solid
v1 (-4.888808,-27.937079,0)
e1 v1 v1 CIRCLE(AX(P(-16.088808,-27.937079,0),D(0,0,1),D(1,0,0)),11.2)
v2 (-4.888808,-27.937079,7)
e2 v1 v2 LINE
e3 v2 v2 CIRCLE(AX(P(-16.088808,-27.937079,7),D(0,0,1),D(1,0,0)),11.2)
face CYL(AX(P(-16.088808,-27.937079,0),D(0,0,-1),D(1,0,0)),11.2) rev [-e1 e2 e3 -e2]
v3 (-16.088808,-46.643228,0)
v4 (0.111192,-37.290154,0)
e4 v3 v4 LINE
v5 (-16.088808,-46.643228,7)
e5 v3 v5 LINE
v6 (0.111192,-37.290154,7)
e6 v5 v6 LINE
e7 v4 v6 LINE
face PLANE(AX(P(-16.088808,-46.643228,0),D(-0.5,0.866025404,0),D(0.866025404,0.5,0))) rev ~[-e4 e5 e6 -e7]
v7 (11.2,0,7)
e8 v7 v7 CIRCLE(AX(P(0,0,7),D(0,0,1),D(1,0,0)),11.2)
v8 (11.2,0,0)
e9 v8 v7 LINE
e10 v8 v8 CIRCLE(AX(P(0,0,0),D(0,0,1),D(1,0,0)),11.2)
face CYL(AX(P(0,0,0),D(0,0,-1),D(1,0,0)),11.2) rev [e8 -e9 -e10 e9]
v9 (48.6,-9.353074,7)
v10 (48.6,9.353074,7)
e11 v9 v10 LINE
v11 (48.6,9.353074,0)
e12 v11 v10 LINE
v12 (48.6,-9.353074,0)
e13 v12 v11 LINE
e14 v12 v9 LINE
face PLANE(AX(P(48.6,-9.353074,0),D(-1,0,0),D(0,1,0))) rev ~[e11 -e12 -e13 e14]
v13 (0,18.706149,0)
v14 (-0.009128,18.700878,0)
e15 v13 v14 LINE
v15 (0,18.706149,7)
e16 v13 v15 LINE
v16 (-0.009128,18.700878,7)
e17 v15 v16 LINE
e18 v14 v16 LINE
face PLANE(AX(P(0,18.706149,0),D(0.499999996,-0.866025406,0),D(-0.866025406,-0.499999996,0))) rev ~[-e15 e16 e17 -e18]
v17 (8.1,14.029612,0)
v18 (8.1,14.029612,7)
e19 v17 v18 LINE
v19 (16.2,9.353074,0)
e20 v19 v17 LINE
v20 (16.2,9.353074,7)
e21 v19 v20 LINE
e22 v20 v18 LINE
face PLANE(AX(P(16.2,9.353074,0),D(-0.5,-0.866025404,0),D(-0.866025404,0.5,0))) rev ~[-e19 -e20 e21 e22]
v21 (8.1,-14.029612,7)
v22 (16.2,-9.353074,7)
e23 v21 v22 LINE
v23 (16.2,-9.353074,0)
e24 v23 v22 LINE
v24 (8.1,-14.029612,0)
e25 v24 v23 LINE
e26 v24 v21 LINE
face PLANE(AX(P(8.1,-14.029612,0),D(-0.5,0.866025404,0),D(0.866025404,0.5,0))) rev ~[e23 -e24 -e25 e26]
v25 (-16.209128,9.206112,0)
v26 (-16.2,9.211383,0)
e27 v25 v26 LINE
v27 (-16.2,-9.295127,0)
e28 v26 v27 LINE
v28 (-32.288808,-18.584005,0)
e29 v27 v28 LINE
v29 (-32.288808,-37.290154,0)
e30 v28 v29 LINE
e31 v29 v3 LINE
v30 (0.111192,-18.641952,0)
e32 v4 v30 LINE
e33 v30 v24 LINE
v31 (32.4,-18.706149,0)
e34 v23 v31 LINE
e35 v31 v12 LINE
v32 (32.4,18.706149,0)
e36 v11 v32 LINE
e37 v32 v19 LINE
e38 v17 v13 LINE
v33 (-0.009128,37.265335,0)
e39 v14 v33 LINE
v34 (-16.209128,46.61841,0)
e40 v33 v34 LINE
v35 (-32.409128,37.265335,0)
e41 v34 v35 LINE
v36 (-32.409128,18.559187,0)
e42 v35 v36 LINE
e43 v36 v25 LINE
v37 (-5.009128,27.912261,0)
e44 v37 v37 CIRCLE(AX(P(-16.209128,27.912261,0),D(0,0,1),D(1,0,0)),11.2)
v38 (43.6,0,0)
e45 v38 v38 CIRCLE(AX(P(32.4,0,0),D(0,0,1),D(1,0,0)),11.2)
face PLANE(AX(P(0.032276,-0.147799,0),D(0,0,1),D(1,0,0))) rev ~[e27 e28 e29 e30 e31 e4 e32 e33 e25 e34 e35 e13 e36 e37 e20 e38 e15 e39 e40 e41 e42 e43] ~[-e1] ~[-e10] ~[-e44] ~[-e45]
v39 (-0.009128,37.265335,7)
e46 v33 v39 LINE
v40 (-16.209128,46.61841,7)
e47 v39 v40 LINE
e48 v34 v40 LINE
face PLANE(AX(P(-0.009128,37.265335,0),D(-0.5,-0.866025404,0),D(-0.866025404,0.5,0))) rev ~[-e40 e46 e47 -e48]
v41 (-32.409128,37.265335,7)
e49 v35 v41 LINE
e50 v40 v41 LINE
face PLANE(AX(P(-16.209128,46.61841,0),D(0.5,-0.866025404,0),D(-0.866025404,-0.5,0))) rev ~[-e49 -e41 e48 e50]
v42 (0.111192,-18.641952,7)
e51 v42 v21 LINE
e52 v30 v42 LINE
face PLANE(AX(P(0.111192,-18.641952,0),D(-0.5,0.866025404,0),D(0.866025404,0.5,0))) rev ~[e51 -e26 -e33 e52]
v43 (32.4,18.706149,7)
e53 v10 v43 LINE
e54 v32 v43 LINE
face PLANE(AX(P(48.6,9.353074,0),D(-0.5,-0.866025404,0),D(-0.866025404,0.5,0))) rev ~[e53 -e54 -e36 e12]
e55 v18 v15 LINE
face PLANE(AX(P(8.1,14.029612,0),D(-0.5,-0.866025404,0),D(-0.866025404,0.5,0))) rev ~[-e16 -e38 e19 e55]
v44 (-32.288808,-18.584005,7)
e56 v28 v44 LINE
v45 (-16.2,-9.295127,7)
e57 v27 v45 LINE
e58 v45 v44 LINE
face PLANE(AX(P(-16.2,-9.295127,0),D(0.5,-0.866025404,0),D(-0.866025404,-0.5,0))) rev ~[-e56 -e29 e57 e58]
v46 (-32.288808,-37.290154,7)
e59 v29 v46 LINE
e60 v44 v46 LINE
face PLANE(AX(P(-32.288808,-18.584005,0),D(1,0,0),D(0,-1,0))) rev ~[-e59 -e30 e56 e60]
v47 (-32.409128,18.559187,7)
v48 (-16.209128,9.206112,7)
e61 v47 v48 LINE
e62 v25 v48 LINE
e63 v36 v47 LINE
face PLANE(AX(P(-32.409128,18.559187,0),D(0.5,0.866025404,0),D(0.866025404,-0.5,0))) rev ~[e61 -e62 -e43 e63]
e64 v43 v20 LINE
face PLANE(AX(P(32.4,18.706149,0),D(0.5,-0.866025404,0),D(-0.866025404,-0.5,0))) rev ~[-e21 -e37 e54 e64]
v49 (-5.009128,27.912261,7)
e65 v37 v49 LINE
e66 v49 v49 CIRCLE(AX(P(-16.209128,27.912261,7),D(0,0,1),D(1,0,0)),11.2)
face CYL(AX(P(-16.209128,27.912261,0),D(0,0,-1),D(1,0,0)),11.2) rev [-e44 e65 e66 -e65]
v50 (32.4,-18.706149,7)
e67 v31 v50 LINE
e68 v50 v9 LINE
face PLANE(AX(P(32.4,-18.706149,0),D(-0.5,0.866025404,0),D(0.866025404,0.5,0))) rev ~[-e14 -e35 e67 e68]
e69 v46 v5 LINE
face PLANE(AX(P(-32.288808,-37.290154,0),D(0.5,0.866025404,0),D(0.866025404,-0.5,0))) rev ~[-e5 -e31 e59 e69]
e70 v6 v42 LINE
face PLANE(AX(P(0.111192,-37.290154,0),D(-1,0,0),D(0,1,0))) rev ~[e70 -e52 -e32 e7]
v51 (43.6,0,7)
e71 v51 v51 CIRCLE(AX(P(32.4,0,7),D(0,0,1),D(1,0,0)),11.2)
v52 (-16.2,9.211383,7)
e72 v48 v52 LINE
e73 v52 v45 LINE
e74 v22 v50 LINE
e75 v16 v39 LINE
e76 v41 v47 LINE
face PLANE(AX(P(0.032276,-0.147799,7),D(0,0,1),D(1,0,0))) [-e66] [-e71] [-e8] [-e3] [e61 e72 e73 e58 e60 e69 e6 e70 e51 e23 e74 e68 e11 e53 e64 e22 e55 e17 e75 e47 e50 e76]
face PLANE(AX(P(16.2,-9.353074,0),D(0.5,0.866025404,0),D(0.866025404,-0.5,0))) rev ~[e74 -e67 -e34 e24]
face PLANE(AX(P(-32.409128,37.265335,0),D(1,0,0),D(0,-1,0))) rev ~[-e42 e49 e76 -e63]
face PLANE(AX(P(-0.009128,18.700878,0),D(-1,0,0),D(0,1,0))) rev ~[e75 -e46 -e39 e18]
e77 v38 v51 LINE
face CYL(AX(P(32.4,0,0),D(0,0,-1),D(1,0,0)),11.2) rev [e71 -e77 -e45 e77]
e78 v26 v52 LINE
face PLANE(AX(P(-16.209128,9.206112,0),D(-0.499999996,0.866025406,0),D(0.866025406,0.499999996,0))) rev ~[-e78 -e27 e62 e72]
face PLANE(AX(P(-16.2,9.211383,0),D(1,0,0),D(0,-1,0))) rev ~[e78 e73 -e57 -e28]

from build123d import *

# Parameters (mm, degrees)
F0_R     = 11.2
F1_DEPTH = 7


with BuildPart() as f1:
    # F0 (on Top) → F1 (new body)
    with BuildSketch(Plane.XY):
        with BuildLine():
            ThreePointArc((8.0999995943, -14.0296117755), (14.0296114242, -8.1000002029), (16.2, 0))
            ThreePointArc((16.2, 0), (14.0296115341, 8.1000000125), (8.0999999751, 14.0296115557))
            ThreePointArc((8.0999999751, 14.0296115557), (0.9969655519, 16.1692937288), (-6.3151236956, 14.9184185726))
            Line((-6.3151236956, 14.9184185726), (-9.7621676204, 12.9282668348))
            ThreePointArc((-9.7621676204, 12.9282668348), (-14.5015019127, 7.2212493569), (-16.2, 0))
            ThreePointArc((-16.2, 0), (-14.5662810935, -7.0896724259), (-9.9946351721, -12.7494026439))
            Line((-9.9946351721, -12.7494026439), (-6.0439889867, -15.0303092825))
            ThreePointArc((-6.0439889867, -15.0303092825), (1.1433038878, -16.1596056951), (8.0999995943, -14.0296117755))
        make_face()
        Circle(F0_R, mode=Mode.SUBTRACT)
        with BuildLine():
            Line((16.2, -9.3530743609), (16.2, 0))
            ThreePointArc((16.2, 0), (14.0296114242, -8.1000002029), (8.0999995943, -14.0296117755))
            Line((8.0999995943, -14.0296117755), (16.2, -9.3530743609))
        make_face()
        with BuildLine():
            ThreePointArc((8.0999999751, 14.0296115557), (14.0296115341, 8.1000000125), (16.2, 0))
            Line((16.2, 0), (16.2, 9.3530743609))
            Line((16.2, 9.3530743609), (8.0999999751, 14.0296115557))
        make_face()
        Polygon((16.2, 9.3530743609), (16.2, 0), (16.2, -9.3530743609), (32.4, -18.7061487217), (48.6, -9.3530743609), (48.6, 9.3530743609), (32.4, 18.7061487217), align=None)
        with Locations((32.4, 0)):
            Circle(F0_R, mode=Mode.SUBTRACT)
        with BuildLine():
            ThreePointArc((-6.3151236956, 14.9184185726), (0.9969655519, 16.1692937288), (8.0999999751, 14.0296115557))
            Line((8.0999999751, 14.0296115557), (0, 18.7061487217))
            Line((0, 18.7061487217), (-0.0091284874, 18.7008783871))
            Line((-0.0091284874, 18.7008783871), (-0.0091284874, 18.5591866036))
            Line((-0.0091284874, 18.5591866036), (-6.3151236956, 14.9184185726))
        make_face()
        with BuildLine():
            Line((0.1111921906, -18.6419518806), (8.0999995943, -14.0296117755))
            ThreePointArc((8.0999995943, -14.0296117755), (1.1433038878, -16.1596056951), (-6.0439889867, -15.0303092825))
            Line((-6.0439889867, -15.0303092825), (0.1111921906, -18.5840047921))
            Line((0.1111921906, -18.5840047921), (0.1111921906, -18.6419518806))
        make_face()
        with BuildLine():
            ThreePointArc((-8.0999999751, 14.0296115557), (-7.221249344, 14.5015019192), (-6.3151236956, 14.9184185726))
            Line((-6.3151236956, 14.9184185726), (-0.0091284874, 18.5591866036))
            Line((-0.0091284874, 18.5591866036), (-0.0091284874, 18.7008783871))
            Line((-0.0091284874, 18.7008783871), (-8.0999999751, 14.0296115557))
        make_face()
        with BuildLine():
            Line((0.1111921906, -18.5840047921), (-6.0439889867, -15.0303092825))
            ThreePointArc((-6.0439889867, -15.0303092825), (-7.0896724129, -14.5662810998), (-8.0999999751, -14.0296115557))
            Line((-8.0999999751, -14.0296115557), (0, -18.7061487217))
            Line((0, -18.7061487217), (0.1111921906, -18.6419518806))
            Line((0.1111921906, -18.6419518806), (0.1111921906, -18.5840047921))
        make_face()
        Polygon((0.1111921906, -37.2901535139), (0.1111921906, -18.6419518806), (0, -18.7061487217), (-8.0999999751, -14.0296115557), (-16.2, -9.3530743609), (-16.2, -9.2951272724), (-32.2888078094, -18.5840047921), (-32.2888078094, -37.2901535139), (-16.0888078094, -46.6432278747), align=None)
        with Locations((-16.0888078094, -27.937079153)):
            Circle(F0_R, mode=Mode.SUBTRACT)
        with BuildLine():
            ThreePointArc((-9.7621676204, 12.9282668348), (-8.948044359, 13.5045363545), (-8.0999999751, 14.0296115557))
            Line((-8.0999999751, 14.0296115557), (-16.2, 9.3530743609))
            Line((-16.2, 9.3530743609), (-16.2, 9.2113825774))
            Line((-16.2, 9.2113825774), (-9.7621676204, 12.9282668348))
        make_face()
        Polygon((-16.2, 9.3530743609), (-8.0999999751, 14.0296115557), (-0.0091284874, 18.7008783871), (-0.0091284874, 37.2653353254), (-16.2091284874, 46.6184096863), (-32.4091284874, 37.2653353254), (-32.4091284874, 18.5591866036), (-16.2091284874, 9.2061122428), (-16.2, 9.2113825774), align=None)
        with Locations((-16.2091284874, 27.9122609645)):
            Circle(F0_R, mode=Mode.SUBTRACT)
        with BuildLine():
            ThreePointArc((-16.2, 0), (-14.5015019127, 7.2212493569), (-9.7621676204, 12.9282668348))
            Line((-9.7621676204, 12.9282668348), (-16.2, 9.2113825774))
            Line((-16.2, 9.2113825774), (-16.2, 0))
        make_face()
        with BuildLine():
            Line((-16.2, -9.3530743609), (-8.0999999751, -14.0296115557))
            ThreePointArc((-8.0999999751, -14.0296115557), (-9.0699332407, -13.4229769801), (-9.9946351721, -12.7494026439))
            Line((-9.9946351721, -12.7494026439), (-16.0888078094, -9.2309304313))
            Line((-16.0888078094, -9.2309304313), (-16.2, -9.2951272724))
            Line((-16.2, -9.2951272724), (-16.2, -9.3530743609))
        make_face()
        with BuildLine():
            Line((-16.0888078094, -9.2309304313), (-9.9946351721, -12.7494026439))
            ThreePointArc((-9.9946351721, -12.7494026439), (-14.5662810935, -7.0896724259), (-16.2, 0))
            Line((-16.2, 0), (-16.2, -9.2951272724))
            Line((-16.2, -9.2951272724), (-16.0888078094, -9.2309304313))
        make_face()
        with BuildLine():
            ThreePointArc((-8.0999999751, -14.0296115557), (-7.0896724129, -14.5662810998), (-6.0439889867, -15.0303092825))
            Line((-6.0439889867, -15.0303092825), (-9.9946351721, -12.7494026439))
            ThreePointArc((-9.9946351721, -12.7494026439), (-9.0699332407, -13.4229769801), (-8.0999999751, -14.0296115557))
        make_face()
        with BuildLine():
            Line((-9.7621676204, 12.9282668348), (-6.3151236956, 14.9184185726))
            ThreePointArc((-6.3151236956, 14.9184185726), (-7.221249344, 14.5015019192), (-8.0999999751, 14.0296115557))
            ThreePointArc((-8.0999999751, 14.0296115557), (-8.948044359, 13.5045363545), (-9.7621676204, 12.9282668348))
        make_face()
    extrude(amount=F1_DEPTH)


solid = f1.part
